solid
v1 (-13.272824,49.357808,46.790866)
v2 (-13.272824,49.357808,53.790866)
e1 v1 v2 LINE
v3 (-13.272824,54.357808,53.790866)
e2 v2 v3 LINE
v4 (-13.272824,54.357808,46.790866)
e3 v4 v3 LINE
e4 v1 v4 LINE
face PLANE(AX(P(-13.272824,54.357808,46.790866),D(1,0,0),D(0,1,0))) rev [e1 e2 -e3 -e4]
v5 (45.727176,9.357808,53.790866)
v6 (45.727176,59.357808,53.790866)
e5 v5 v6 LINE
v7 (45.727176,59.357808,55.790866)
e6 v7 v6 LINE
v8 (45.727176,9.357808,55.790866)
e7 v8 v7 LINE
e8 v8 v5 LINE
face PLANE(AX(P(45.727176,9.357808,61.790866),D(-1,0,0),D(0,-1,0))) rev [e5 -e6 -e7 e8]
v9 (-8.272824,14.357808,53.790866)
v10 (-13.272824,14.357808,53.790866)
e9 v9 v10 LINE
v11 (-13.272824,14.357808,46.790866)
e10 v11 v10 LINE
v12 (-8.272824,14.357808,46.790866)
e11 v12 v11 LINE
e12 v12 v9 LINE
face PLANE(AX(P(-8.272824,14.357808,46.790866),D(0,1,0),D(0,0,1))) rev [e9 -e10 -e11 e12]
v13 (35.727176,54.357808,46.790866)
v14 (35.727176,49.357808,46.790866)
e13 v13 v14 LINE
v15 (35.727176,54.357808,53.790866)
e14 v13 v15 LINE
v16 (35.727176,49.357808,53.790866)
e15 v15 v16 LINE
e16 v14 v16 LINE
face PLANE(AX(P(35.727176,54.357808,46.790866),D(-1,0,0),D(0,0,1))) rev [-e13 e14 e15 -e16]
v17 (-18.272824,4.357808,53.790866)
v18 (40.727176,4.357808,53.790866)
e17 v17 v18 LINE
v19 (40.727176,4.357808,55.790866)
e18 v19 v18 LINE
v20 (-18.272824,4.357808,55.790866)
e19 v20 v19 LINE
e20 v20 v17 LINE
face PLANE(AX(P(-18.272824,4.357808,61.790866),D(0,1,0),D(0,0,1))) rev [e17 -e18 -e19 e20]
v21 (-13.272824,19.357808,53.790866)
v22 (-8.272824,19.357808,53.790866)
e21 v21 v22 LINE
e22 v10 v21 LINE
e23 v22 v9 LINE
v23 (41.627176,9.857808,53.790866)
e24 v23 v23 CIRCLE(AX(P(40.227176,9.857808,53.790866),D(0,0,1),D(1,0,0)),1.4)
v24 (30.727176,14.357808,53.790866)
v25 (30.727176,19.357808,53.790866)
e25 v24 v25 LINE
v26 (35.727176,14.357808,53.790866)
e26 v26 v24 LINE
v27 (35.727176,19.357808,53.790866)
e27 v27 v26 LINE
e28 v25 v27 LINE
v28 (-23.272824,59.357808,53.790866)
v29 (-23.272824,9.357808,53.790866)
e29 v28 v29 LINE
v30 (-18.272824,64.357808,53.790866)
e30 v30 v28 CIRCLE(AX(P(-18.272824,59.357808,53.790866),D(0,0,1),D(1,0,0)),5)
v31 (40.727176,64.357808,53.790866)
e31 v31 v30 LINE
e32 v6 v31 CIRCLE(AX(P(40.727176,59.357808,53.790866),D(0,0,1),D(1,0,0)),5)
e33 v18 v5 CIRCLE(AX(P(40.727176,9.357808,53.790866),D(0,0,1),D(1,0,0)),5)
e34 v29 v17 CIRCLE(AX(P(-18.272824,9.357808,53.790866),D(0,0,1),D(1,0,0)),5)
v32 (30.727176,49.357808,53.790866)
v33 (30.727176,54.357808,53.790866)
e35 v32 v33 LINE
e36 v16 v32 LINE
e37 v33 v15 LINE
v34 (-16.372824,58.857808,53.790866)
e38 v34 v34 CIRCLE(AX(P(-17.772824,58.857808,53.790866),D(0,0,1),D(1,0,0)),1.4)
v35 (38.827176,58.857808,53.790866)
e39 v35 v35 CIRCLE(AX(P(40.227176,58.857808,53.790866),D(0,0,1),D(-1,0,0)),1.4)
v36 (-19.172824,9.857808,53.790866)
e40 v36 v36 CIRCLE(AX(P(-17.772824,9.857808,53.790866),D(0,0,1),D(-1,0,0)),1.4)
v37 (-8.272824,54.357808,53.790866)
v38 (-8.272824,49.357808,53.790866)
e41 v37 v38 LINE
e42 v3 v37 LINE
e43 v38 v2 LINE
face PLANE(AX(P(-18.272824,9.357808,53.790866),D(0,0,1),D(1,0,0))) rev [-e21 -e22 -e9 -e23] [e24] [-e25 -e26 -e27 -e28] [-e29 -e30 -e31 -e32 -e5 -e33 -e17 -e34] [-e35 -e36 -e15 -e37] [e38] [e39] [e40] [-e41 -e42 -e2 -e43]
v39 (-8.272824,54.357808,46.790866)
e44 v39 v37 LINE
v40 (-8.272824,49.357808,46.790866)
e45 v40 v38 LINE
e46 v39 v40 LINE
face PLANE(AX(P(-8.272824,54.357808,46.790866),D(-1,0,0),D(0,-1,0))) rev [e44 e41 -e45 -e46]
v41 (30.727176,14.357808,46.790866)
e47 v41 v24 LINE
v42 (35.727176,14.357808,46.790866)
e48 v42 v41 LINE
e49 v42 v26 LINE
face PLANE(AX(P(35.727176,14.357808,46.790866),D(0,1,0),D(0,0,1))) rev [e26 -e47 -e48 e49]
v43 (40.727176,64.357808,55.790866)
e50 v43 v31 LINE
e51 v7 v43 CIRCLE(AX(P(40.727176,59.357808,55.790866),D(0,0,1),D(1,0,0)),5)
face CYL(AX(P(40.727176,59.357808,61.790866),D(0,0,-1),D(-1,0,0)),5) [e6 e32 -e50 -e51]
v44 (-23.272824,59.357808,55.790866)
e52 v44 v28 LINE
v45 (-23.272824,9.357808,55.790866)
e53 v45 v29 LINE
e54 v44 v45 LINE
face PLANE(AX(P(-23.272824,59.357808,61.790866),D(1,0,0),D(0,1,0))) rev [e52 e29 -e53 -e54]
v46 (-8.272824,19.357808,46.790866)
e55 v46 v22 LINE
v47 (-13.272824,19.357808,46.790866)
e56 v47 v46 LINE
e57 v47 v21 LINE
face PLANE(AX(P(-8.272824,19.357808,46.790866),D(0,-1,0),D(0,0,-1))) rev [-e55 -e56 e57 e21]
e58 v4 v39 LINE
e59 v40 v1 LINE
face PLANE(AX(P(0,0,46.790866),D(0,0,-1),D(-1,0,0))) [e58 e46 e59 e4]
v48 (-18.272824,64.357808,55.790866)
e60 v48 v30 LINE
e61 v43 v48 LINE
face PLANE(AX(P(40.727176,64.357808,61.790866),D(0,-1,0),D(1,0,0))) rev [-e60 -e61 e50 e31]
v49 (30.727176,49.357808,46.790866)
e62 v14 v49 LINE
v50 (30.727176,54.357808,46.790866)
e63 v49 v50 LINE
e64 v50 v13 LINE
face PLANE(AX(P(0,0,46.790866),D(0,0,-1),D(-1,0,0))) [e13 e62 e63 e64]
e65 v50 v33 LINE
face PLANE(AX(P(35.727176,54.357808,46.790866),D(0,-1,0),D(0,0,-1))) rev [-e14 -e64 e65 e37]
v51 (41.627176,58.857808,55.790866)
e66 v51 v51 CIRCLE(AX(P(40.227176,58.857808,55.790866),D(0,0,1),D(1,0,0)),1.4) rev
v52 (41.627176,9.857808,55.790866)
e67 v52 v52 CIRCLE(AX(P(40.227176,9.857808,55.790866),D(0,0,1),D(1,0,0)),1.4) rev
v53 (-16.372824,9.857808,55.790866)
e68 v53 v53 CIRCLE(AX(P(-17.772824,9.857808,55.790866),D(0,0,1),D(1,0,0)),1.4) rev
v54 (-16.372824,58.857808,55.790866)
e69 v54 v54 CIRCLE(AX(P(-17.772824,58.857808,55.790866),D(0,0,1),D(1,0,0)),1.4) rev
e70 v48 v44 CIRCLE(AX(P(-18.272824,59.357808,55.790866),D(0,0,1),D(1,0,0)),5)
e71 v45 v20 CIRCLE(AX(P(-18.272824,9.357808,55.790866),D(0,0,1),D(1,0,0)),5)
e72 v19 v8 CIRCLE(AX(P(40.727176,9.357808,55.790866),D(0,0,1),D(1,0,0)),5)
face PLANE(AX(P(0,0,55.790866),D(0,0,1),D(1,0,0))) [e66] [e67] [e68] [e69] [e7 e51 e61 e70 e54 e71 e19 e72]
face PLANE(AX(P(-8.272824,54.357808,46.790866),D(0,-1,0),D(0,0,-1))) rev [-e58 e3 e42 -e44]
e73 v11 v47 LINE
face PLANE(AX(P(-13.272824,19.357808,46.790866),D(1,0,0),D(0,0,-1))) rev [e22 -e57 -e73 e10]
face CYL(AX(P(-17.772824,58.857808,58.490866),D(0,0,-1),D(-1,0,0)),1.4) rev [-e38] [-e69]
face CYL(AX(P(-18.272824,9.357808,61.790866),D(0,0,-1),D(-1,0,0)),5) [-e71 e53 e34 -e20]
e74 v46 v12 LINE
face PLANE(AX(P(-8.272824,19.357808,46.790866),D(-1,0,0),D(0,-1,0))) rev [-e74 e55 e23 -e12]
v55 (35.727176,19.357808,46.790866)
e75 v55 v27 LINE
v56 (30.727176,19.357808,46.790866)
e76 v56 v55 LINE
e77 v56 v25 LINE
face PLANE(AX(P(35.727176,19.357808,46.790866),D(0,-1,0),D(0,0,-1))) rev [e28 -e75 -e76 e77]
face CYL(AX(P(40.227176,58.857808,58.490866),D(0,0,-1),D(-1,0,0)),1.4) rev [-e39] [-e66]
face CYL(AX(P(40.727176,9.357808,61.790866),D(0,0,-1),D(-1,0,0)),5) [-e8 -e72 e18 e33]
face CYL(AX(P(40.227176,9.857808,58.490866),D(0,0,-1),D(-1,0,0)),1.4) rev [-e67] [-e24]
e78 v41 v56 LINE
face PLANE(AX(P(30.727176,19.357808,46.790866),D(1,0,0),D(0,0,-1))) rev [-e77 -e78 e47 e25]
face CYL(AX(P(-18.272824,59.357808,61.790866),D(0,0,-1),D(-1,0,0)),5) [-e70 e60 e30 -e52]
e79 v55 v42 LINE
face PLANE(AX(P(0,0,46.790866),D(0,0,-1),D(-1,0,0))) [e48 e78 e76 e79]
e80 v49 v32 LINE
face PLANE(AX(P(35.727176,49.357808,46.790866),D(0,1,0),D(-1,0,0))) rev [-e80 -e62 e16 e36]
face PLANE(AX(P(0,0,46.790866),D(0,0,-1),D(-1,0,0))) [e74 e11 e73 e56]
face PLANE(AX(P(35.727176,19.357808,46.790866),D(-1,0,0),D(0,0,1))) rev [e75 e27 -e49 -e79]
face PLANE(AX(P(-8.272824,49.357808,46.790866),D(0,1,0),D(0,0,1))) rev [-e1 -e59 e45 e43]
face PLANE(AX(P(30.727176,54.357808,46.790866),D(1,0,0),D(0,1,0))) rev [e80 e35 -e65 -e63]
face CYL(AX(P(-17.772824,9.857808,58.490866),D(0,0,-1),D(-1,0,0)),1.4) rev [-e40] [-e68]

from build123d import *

# Parameters (mm, degrees)
BOSS_EXTRUDE1_DEPTH      = 6.5
SKETCH5_R                = 3
SKETCH5_R_2              = 1.4
BOSS_EXTRUDE5_DEPTH      = 3.2
BOSS_EXTRUDE5_2_DEPTH    = 3.2
BOSS_EXTRUDE5_3_DEPTH    = 3.2
BOSS_EXTRUDE5_4_DEPTH    = 3.2
BOSS_EXTRUDE6_START      = -1.5
BOSS_EXTRUDE6_DEPTH      = 1.5
CUT_EXTRUDE9_START       = -1.5
SKETCH17_R               = 1.4
CUT_EXTRUDE9_DEPTH       = 1.5
CUT_EXTRUDE10_DEPTH      = 10
CUT_EXTRUDE10_DEPTH_BACK = 4
SKETCH18_W               = 118.483225972
SKETCH18_H               = 113.092379331
SKETCH19_W               = 5
SKETCH19_H               = 5
BOSS_EXTRUDE9_DEPTH      = 7
SKETCH20_R               = 1.4
BOSS_EXTRUDE10_DEPTH     = 1.3


with BuildPart() as part:
    # Sketch3 → Boss-Extrude1 (new body)
    with BuildSketch(Plane.XY.offset(55.290865561)):
        with BuildLine():
            Line((-23.272824317, 59.357808031), (-23.272824317, 9.357808031))
            ThreePointArc((-23.272824317, 9.357808031), (-21.808358223, 5.822274126), (-18.272824317, 4.357808031))
            Line((-18.272824317, 4.357808031), (40.727175683, 4.357808031))
            ThreePointArc((40.727175683, 4.357808031), (44.262709589, 5.822274126), (45.727175683, 9.357808031))
            Line((45.727175683, 9.357808031), (45.727175683, 59.357808031))
            ThreePointArc((45.727175683, 59.357808031), (44.262709589, 62.893341937), (40.727175683, 64.357808031))
            Line((40.727175683, 64.357808031), (-18.272824317, 64.357808031))
            ThreePointArc((-18.272824317, 64.357808031), (-21.808358223, 62.893341937), (-23.272824317, 59.357808031))
        make_face()
        with BuildLine():
            Line((40.727175683, 62.857808031), (-18.272824317, 62.857808031))
            ThreePointArc((-18.272824317, 62.857808031), (-20.747698051, 61.832681766), (-21.772824317, 59.357808031))
            Line((-21.772824317, 59.357808031), (-21.772824317, 9.357808031))
            ThreePointArc((-21.772824317, 9.357808031), (-20.747698051, 6.882934297), (-18.272824317, 5.857808031))
            Line((-18.272824317, 5.857808031), (40.727175683, 5.857808031))
            ThreePointArc((40.727175683, 5.857808031), (43.202049418, 6.882934297), (44.227175683, 9.357808031))
            Line((44.227175683, 9.357808031), (44.227175683, 59.357808031))
            ThreePointArc((44.227175683, 59.357808031), (43.202049418, 61.832681766), (40.727175683, 62.857808031))
        make_face(mode=Mode.SUBTRACT)
    extrude(amount=BOSS_EXTRUDE1_DEPTH)



with BuildPart() as body_2:
    # Sketch5 → Boss-Extrude5 (new body)
    with BuildSketch(Plane.XY.offset(55.290865561)):
        with Locations((-17.772824317, 58.857808031)):
            Circle(SKETCH5_R)
        with Locations(Location((-17.772824317, 58.857808031, 0), (0, 0, 180))):
            Circle(SKETCH5_R_2, mode=Mode.SUBTRACT)
    extrude(amount=BOSS_EXTRUDE5_DEPTH)


with BuildPart() as body_3:
    # Sketch5 → Boss-Extrude5 2 (new body)
    with BuildSketch(Plane.XY.offset(55.290865561)):
        with Locations(Location((40.227175683, 58.857808031, 0), (0, 0, 180))):
            Circle(SKETCH5_R)
        with Locations((40.227175683, 58.857808031)):
            Circle(SKETCH5_R_2, mode=Mode.SUBTRACT)
    extrude(amount=BOSS_EXTRUDE5_2_DEPTH)


with BuildPart() as body_4:
    # Sketch5 → Boss-Extrude5 3 (new body)
    with BuildSketch(Plane.XY.offset(55.290865561)):
        with Locations(Location((-17.772824317, 9.857808031, 0), (0, 0, 180))):
            Circle(SKETCH5_R)
        with Locations((-17.772824317, 9.857808031)):
            Circle(SKETCH5_R_2, mode=Mode.SUBTRACT)
    extrude(amount=BOSS_EXTRUDE5_3_DEPTH)


with BuildPart() as body_5:
    # Sketch5 → Boss-Extrude5 4 (new body)
    with BuildSketch(Plane.XY.offset(55.290865561)):
        with Locations((40.227175683, 9.857808031)):
            Circle(SKETCH5_R)
        with Locations(Location((40.227175683, 9.857808031, 0), (0, 0, 180))):
            Circle(SKETCH5_R_2, mode=Mode.SUBTRACT)
    extrude(amount=BOSS_EXTRUDE5_4_DEPTH)


with BuildPart() as part_1:
    add(part.part)

    add(body_2.part)  # Boss-Extrude6 merges body 2

    add(body_3.part)  # Boss-Extrude6 merges body 3

    add(body_4.part)  # Boss-Extrude6 merges body 4

    add(body_5.part)  # Boss-Extrude6 merges body 5
    # Sketch13 → Boss-Extrude6 (add)
    with BuildSketch(Plane.XY.offset(55.290865561).offset(BOSS_EXTRUDE6_START)):
        with BuildLine():
            Line((-23.272824317, 26.657808031), (-23.272824317, 42.657808031))
            Line((-23.272824317, 42.657808031), (-23.272824317, 59.357808031))
            ThreePointArc((-23.272824317, 59.357808031), (-21.808358223, 62.893341937), (-18.272824317, 64.357808031))
            Line((-18.272824317, 64.357808031), (40.727175683, 64.357808031))
            ThreePointArc((40.727175683, 64.357808031), (44.262709589, 62.893341937), (45.727175683, 59.357808031))
            Line((45.727175683, 59.357808031), (45.727175683, 9.357808031))
            ThreePointArc((45.727175683, 9.357808031), (44.262709589, 5.822274126), (40.727175683, 4.357808031))
            Line((40.727175683, 4.357808031), (-18.272824317, 4.357808031))
            ThreePointArc((-18.272824317, 4.357808031), (-21.808358223, 5.822274126), (-23.272824317, 9.357808031))
            Line((-23.272824317, 9.357808031), (-23.272824317, 26.657808031))
        make_face()
    extrude(amount=BOSS_EXTRUDE6_DEPTH)

    # Sketch17 → Cut-Extrude9 (cut)
    with BuildSketch(Plane.XY.offset(55.290865561).offset(CUT_EXTRUDE9_START)):
        with Locations(Location((40.227175683, 9.857808031, 0), (0, 0, 180))):
            Circle(SKETCH17_R)
        with Locations(Location((-17.772824317, 9.857808031, 0), (0, 0, 180))):
            Circle(SKETCH17_R)
        with Locations(Location((-17.772824317, 58.857808031, 0), (0, 0, 180))):
            Circle(SKETCH17_R)
        with Locations(Location((40.227175683, 58.857808031, 0), (0, 0, 180))):
            Circle(SKETCH17_R)
    extrude(amount=CUT_EXTRUDE9_DEPTH, mode=Mode.SUBTRACT)

    # Sketch18 → Cut-Extrude10 (cut, two sides: drawn at the far end of the back side and taken through both)
    with BuildSketch(Plane.XY.offset(58.490865561).offset(-CUT_EXTRUDE10_DEPTH_BACK)):
        with Locations((8.738192824, 45.025275568)):
            Rectangle(SKETCH18_W, SKETCH18_H)
    extrude(amount=CUT_EXTRUDE10_DEPTH + CUT_EXTRUDE10_DEPTH_BACK, mode=Mode.SUBTRACT)

    # Sketch19 → Boss-Extrude9 (add)
    with BuildSketch(Plane(origin=(0, 0, 53.790865561), x_dir=(-1, 0, 0), z_dir=(0, 0, -1))):
        with Locations((-33.227175683, 51.857808031)):
            Rectangle(SKETCH19_W, SKETCH19_H)
        with Locations((10.772824317, 16.857808031)):
            Rectangle(SKETCH19_W, SKETCH19_H)
        with Locations((10.772824317, 51.857808031)):
            Rectangle(SKETCH19_W, SKETCH19_H)
        with Locations((-33.227175683, 16.857808031)):
            Rectangle(SKETCH19_W, SKETCH19_H)
    extrude(amount=BOSS_EXTRUDE9_DEPTH)

    # Sketch20 → Boss-Extrude10 (add)
    with BuildSketch(Plane.XY.offset(54.490865561)):
        with BuildLine():
            Line((40.727175683, 64.357808031), (-18.272824317, 64.357808031))
            ThreePointArc((-18.272824317, 64.357808031), (-21.808358223, 62.893341937), (-23.272824317, 59.357808031))
            Line((-23.272824317, 59.357808031), (-23.272824317, 9.357808031))
            ThreePointArc((-23.272824317, 9.357808031), (-21.808358223, 5.822274126), (-18.272824317, 4.357808031))
            Line((-18.272824317, 4.357808031), (40.727175683, 4.357808031))
            ThreePointArc((40.727175683, 4.357808031), (44.262709589, 5.822274126), (45.727175683, 9.357808031))
            Line((45.727175683, 9.357808031), (45.727175683, 59.357808031))
            ThreePointArc((45.727175683, 59.357808031), (44.262709589, 62.893341937), (40.727175683, 64.357808031))
        make_face()
        with Locations(Location((-17.772824317, 9.857808031, 0), (0, 0, 180))):
            Circle(SKETCH20_R, mode=Mode.SUBTRACT)
        with Locations((-17.772824317, 58.857808031)):
            Circle(SKETCH20_R, mode=Mode.SUBTRACT)
        with Locations(Location((40.227175683, 58.857808031, 0), (0, 0, 180))):
            Circle(SKETCH20_R, mode=Mode.SUBTRACT)
        with Locations((40.227175683, 9.857808031)):
            Circle(SKETCH20_R, mode=Mode.SUBTRACT)
    extrude(amount=BOSS_EXTRUDE10_DEPTH)


solid = part_1.part
